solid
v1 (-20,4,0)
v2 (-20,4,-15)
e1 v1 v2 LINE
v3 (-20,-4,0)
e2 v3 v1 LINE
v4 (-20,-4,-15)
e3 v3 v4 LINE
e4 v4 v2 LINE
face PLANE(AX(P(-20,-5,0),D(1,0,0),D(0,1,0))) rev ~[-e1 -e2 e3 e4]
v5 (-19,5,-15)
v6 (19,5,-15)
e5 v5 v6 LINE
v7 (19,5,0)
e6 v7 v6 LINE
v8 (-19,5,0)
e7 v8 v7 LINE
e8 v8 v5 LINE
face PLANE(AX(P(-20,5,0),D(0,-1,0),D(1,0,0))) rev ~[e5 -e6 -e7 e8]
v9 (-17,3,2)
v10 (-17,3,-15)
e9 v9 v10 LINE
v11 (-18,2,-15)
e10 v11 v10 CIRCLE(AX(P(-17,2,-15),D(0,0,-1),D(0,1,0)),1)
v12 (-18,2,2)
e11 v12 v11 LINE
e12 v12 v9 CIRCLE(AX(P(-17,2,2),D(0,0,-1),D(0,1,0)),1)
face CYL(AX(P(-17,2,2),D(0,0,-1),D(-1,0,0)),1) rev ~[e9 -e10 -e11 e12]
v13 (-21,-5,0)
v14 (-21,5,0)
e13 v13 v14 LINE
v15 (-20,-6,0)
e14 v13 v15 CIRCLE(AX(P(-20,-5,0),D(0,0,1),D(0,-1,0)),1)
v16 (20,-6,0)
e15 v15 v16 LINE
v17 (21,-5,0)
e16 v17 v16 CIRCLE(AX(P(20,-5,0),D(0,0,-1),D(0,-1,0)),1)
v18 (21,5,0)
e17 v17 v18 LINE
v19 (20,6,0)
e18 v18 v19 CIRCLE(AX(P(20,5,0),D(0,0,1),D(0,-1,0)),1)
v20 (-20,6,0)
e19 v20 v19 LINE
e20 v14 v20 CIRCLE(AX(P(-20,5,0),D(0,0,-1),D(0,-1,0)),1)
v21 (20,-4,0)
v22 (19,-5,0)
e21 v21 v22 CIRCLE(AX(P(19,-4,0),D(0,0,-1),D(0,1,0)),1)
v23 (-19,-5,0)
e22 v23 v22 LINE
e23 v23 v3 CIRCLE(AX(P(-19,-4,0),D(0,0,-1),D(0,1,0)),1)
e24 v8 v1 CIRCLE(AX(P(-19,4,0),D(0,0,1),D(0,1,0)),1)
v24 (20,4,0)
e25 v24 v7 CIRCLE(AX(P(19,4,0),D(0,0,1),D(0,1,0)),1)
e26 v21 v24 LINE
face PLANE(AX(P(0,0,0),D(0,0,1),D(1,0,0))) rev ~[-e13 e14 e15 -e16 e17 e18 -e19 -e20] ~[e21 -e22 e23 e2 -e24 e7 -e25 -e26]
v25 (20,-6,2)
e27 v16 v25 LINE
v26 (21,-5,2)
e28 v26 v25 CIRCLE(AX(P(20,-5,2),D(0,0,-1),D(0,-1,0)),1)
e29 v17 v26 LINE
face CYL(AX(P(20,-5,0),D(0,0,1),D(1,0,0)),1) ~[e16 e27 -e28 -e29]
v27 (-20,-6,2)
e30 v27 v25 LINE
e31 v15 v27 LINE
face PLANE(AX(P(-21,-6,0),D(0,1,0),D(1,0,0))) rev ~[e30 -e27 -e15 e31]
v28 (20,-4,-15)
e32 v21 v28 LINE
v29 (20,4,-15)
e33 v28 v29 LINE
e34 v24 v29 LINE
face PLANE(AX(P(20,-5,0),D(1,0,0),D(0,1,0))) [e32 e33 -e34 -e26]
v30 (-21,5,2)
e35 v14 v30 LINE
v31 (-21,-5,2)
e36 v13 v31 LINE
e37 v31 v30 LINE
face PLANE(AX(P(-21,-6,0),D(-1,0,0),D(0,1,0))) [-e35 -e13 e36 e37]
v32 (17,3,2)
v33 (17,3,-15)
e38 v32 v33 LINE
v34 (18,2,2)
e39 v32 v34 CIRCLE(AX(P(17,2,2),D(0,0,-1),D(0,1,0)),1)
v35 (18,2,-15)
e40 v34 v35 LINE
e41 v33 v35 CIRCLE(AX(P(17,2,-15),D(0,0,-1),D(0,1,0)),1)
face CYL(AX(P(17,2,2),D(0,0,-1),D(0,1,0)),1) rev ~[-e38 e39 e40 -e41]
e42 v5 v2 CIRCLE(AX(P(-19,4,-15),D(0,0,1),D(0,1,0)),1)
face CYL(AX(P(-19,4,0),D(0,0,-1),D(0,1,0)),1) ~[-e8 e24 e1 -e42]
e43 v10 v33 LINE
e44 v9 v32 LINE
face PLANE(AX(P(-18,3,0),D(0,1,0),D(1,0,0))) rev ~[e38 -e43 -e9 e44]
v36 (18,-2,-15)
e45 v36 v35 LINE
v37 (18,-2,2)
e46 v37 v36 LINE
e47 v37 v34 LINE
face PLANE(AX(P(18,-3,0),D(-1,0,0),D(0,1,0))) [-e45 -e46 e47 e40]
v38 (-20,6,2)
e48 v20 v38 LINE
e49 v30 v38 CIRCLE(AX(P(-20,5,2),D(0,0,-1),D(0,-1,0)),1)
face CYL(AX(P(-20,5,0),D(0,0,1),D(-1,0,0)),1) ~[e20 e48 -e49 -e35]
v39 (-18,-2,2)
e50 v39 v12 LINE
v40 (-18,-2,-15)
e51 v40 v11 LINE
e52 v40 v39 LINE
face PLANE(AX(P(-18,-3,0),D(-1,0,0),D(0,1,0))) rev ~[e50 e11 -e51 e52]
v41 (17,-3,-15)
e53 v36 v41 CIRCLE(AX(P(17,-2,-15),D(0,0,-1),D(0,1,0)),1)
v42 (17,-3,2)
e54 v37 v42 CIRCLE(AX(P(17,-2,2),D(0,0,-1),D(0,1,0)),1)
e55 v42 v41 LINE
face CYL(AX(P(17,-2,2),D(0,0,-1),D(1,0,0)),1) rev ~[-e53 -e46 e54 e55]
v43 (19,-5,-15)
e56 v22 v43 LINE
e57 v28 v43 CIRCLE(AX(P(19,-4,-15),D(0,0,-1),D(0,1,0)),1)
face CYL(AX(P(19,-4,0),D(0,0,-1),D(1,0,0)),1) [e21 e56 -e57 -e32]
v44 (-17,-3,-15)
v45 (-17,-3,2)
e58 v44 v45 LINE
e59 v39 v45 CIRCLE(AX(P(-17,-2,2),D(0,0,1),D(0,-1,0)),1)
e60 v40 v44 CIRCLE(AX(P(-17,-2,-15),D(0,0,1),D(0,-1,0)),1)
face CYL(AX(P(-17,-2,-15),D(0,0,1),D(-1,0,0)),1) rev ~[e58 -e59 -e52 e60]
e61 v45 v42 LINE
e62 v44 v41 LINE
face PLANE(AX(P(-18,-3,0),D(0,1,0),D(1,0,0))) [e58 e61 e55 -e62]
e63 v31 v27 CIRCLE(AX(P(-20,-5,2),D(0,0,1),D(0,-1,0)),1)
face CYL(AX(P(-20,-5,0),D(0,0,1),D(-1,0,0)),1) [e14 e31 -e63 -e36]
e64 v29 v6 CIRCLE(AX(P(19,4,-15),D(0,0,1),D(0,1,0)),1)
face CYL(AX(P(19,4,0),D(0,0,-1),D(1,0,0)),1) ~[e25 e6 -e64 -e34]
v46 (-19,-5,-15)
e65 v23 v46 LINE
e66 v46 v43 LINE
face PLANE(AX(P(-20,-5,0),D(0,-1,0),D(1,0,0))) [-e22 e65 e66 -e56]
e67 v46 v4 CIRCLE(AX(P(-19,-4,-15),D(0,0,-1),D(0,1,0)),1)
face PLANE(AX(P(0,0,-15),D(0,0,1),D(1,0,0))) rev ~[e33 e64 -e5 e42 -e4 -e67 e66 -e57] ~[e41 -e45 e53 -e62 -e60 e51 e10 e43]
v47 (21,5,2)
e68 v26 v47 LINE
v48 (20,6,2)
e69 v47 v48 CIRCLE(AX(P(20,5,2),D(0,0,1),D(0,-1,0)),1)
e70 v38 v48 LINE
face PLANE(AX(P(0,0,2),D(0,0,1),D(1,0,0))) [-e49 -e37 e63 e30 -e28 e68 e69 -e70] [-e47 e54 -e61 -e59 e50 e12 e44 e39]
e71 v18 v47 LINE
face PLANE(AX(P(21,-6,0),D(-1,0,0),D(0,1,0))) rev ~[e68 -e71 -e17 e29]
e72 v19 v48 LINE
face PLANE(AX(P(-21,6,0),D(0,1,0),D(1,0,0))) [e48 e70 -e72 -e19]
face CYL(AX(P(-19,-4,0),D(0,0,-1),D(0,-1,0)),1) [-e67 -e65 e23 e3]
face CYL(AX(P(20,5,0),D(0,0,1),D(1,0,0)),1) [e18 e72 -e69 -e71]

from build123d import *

# Parameters (mm, degrees)
F0_W     = 40
F0_H     = 10
F0_W_2   = 36
F0_H_2   = 6
F1_DEPTH = 15
F2_W     = 42
F2_H     = 12
F2_W_2   = 40
F2_H_2   = 10
F2_W_3   = 36
F2_H_3   = 6
F3_DEPTH = 2
F4_R     = 1


with BuildPart() as f1:
    # F0 (on Top) → F1 (new body)
    with BuildSketch(Plane.XY):
        Rectangle(F0_W, F0_H)
        Rectangle(F0_W_2, F0_H_2, mode=Mode.SUBTRACT)
    extrude(amount=-F1_DEPTH)

    # F2 (on face) → F3 (join)
    with BuildSketch(Plane.XY):
        Rectangle(F2_W, F2_H)
        Rectangle(F2_W_2, F2_H_2, mode=Mode.SUBTRACT)
        Rectangle(F2_W_2, F2_H_2)
        Rectangle(F2_W_3, F2_H_3, mode=Mode.SUBTRACT)
    extrude(amount=F3_DEPTH)

    # F4
    f4_edges = [f1.edges().sort_by_distance(p)[0] for p in [
        (21, 6, 1),
        (21, -6, 1),
        (-21, 6, 1),
        (-21, -6, 1),
        (20, 5, -7.5),
        (20, -5, -7.5),
        (-20, -5, -7.5),
        (-20, 5, -7.5),
        (18, 3, -6.5),
        (-18, 3, -6.5),
        (-18, -3, -6.5),
        (18, -3, -6.5),
    ]]
    fillet(f4_edges, radius=F4_R)


solid = f1.part
